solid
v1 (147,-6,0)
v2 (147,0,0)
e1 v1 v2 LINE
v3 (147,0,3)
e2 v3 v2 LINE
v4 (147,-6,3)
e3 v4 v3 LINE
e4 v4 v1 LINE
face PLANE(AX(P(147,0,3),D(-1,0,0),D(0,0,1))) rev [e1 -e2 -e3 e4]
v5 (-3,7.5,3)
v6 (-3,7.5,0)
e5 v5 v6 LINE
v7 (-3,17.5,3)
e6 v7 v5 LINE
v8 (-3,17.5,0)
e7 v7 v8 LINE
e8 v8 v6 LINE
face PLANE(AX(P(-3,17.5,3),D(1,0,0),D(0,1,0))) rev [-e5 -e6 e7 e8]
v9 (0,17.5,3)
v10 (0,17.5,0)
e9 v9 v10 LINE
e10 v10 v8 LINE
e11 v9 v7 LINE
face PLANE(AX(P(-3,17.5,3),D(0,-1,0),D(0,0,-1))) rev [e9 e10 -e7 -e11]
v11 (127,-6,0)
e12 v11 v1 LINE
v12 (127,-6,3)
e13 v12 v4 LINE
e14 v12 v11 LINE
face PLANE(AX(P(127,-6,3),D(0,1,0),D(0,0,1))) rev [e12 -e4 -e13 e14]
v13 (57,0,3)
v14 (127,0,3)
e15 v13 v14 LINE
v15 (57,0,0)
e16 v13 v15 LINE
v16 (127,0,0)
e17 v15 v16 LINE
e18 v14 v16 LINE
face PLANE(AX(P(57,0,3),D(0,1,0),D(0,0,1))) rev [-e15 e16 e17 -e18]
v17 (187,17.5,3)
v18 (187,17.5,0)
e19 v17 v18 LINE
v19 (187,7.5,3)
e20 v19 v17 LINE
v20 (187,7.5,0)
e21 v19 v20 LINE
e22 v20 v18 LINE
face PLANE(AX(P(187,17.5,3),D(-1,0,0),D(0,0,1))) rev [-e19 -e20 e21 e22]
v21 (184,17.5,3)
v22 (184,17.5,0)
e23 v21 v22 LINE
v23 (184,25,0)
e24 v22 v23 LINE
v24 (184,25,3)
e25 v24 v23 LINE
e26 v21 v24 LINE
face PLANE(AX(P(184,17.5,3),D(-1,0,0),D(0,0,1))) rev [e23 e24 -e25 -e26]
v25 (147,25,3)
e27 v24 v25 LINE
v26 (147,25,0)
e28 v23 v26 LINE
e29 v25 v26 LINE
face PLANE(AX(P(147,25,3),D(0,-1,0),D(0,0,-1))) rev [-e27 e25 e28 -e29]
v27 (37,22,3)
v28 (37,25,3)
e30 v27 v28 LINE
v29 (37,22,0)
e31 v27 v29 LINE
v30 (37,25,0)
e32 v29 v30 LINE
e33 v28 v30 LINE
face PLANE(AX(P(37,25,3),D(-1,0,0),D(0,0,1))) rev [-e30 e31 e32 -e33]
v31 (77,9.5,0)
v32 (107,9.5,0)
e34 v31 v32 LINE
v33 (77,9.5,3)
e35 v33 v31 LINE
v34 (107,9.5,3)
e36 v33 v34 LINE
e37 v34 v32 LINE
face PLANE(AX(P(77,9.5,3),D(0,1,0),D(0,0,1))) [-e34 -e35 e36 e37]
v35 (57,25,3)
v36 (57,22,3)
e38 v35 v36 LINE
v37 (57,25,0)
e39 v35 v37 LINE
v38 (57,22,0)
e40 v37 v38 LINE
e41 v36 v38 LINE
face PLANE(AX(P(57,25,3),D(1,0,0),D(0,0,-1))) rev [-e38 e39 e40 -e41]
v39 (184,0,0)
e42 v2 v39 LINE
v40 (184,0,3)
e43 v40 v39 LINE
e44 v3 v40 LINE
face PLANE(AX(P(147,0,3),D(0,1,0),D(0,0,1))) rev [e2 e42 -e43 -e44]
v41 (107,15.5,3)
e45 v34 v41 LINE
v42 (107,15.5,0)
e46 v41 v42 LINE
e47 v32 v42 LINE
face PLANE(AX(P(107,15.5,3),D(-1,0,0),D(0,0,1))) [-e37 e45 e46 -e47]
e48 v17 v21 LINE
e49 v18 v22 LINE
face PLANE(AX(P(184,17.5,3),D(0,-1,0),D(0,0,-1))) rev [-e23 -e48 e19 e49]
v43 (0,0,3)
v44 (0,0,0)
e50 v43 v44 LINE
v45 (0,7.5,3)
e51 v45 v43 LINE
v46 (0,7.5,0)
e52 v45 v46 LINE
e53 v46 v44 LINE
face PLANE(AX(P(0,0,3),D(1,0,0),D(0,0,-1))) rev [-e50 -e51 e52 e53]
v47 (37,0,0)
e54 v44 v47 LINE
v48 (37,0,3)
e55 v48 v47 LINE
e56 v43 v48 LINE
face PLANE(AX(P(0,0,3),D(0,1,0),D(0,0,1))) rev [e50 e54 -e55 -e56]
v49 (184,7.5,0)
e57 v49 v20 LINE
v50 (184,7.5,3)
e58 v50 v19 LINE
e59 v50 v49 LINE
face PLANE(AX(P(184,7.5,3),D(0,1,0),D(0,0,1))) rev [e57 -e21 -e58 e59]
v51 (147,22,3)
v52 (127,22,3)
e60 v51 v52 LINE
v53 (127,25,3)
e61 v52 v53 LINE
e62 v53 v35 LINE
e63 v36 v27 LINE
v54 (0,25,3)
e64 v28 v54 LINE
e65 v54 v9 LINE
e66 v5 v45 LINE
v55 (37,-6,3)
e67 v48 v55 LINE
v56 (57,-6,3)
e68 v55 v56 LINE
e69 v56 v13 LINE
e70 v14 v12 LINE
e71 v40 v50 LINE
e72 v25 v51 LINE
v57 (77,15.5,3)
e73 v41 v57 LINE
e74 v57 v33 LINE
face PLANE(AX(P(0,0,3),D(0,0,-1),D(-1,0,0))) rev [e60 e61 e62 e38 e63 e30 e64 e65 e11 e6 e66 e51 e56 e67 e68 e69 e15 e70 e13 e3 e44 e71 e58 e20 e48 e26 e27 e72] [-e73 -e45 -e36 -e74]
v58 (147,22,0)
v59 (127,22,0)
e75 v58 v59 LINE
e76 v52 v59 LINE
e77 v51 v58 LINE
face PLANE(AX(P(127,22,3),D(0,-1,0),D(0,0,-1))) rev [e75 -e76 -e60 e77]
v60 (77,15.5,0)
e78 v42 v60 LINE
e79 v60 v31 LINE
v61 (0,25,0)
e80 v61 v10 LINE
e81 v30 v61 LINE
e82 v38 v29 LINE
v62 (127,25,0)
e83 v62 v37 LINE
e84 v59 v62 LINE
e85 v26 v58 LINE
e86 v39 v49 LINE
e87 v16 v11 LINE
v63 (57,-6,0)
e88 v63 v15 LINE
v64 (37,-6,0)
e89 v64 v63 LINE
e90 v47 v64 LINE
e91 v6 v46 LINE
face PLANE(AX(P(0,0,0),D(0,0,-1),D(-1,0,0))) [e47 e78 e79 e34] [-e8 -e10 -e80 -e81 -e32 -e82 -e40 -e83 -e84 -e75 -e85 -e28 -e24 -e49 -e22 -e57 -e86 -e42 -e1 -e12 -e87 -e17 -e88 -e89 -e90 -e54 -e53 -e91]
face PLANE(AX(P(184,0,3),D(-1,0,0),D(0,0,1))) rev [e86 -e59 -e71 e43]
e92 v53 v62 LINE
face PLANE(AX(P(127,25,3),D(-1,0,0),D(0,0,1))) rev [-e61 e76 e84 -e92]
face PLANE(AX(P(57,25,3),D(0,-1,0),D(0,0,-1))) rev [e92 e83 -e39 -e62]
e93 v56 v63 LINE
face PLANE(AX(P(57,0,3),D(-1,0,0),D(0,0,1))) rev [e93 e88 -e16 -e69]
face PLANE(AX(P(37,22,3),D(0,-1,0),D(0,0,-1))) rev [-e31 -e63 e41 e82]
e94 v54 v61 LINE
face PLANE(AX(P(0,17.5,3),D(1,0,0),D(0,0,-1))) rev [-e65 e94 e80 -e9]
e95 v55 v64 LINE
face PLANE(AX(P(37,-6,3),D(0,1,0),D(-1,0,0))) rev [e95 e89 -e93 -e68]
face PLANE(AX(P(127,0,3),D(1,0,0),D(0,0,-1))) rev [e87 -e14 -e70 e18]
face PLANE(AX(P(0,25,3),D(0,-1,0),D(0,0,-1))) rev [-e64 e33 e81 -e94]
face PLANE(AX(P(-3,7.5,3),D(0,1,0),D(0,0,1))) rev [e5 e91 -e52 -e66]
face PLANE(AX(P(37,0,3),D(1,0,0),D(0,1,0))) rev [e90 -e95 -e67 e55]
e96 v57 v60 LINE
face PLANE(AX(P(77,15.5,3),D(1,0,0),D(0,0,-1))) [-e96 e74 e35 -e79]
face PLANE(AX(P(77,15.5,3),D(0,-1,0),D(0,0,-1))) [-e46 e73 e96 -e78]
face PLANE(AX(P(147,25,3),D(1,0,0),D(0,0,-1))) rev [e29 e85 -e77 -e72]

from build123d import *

# Parameters (mm, degrees)
SKETCH_1_W      = 30
SKETCH_1_H      = 6
EXTRUDE_1_DEPTH = 3


with BuildPart() as part:
    # Эскиз1 → Бобышка-Вытянуть1 (new body)
    with BuildSketch(Plane.XY):
        Polygon((57, 25), (127, 25), (127, 22), (147, 22), (147, 25), (184, 25), (184, 17.5), (187, 17.5), (187, 7.5), (184, 7.5), (184, 0), (147, 0), (147, -6), (127, -6), (127, 0), (57, 0), (57, -6), (37, -6), (37, 0), (0, 0), (0, 7.5), (-3, 7.5), (-3, 17.5), (0, 17.5), (0, 25), (37, 25), (37, 22), (57, 22), align=None)
        with Locations((92, 12.5)):
            Rectangle(SKETCH_1_W, SKETCH_1_H, mode=Mode.SUBTRACT)
    extrude(amount=EXTRUDE_1_DEPTH)


solid = part.part
